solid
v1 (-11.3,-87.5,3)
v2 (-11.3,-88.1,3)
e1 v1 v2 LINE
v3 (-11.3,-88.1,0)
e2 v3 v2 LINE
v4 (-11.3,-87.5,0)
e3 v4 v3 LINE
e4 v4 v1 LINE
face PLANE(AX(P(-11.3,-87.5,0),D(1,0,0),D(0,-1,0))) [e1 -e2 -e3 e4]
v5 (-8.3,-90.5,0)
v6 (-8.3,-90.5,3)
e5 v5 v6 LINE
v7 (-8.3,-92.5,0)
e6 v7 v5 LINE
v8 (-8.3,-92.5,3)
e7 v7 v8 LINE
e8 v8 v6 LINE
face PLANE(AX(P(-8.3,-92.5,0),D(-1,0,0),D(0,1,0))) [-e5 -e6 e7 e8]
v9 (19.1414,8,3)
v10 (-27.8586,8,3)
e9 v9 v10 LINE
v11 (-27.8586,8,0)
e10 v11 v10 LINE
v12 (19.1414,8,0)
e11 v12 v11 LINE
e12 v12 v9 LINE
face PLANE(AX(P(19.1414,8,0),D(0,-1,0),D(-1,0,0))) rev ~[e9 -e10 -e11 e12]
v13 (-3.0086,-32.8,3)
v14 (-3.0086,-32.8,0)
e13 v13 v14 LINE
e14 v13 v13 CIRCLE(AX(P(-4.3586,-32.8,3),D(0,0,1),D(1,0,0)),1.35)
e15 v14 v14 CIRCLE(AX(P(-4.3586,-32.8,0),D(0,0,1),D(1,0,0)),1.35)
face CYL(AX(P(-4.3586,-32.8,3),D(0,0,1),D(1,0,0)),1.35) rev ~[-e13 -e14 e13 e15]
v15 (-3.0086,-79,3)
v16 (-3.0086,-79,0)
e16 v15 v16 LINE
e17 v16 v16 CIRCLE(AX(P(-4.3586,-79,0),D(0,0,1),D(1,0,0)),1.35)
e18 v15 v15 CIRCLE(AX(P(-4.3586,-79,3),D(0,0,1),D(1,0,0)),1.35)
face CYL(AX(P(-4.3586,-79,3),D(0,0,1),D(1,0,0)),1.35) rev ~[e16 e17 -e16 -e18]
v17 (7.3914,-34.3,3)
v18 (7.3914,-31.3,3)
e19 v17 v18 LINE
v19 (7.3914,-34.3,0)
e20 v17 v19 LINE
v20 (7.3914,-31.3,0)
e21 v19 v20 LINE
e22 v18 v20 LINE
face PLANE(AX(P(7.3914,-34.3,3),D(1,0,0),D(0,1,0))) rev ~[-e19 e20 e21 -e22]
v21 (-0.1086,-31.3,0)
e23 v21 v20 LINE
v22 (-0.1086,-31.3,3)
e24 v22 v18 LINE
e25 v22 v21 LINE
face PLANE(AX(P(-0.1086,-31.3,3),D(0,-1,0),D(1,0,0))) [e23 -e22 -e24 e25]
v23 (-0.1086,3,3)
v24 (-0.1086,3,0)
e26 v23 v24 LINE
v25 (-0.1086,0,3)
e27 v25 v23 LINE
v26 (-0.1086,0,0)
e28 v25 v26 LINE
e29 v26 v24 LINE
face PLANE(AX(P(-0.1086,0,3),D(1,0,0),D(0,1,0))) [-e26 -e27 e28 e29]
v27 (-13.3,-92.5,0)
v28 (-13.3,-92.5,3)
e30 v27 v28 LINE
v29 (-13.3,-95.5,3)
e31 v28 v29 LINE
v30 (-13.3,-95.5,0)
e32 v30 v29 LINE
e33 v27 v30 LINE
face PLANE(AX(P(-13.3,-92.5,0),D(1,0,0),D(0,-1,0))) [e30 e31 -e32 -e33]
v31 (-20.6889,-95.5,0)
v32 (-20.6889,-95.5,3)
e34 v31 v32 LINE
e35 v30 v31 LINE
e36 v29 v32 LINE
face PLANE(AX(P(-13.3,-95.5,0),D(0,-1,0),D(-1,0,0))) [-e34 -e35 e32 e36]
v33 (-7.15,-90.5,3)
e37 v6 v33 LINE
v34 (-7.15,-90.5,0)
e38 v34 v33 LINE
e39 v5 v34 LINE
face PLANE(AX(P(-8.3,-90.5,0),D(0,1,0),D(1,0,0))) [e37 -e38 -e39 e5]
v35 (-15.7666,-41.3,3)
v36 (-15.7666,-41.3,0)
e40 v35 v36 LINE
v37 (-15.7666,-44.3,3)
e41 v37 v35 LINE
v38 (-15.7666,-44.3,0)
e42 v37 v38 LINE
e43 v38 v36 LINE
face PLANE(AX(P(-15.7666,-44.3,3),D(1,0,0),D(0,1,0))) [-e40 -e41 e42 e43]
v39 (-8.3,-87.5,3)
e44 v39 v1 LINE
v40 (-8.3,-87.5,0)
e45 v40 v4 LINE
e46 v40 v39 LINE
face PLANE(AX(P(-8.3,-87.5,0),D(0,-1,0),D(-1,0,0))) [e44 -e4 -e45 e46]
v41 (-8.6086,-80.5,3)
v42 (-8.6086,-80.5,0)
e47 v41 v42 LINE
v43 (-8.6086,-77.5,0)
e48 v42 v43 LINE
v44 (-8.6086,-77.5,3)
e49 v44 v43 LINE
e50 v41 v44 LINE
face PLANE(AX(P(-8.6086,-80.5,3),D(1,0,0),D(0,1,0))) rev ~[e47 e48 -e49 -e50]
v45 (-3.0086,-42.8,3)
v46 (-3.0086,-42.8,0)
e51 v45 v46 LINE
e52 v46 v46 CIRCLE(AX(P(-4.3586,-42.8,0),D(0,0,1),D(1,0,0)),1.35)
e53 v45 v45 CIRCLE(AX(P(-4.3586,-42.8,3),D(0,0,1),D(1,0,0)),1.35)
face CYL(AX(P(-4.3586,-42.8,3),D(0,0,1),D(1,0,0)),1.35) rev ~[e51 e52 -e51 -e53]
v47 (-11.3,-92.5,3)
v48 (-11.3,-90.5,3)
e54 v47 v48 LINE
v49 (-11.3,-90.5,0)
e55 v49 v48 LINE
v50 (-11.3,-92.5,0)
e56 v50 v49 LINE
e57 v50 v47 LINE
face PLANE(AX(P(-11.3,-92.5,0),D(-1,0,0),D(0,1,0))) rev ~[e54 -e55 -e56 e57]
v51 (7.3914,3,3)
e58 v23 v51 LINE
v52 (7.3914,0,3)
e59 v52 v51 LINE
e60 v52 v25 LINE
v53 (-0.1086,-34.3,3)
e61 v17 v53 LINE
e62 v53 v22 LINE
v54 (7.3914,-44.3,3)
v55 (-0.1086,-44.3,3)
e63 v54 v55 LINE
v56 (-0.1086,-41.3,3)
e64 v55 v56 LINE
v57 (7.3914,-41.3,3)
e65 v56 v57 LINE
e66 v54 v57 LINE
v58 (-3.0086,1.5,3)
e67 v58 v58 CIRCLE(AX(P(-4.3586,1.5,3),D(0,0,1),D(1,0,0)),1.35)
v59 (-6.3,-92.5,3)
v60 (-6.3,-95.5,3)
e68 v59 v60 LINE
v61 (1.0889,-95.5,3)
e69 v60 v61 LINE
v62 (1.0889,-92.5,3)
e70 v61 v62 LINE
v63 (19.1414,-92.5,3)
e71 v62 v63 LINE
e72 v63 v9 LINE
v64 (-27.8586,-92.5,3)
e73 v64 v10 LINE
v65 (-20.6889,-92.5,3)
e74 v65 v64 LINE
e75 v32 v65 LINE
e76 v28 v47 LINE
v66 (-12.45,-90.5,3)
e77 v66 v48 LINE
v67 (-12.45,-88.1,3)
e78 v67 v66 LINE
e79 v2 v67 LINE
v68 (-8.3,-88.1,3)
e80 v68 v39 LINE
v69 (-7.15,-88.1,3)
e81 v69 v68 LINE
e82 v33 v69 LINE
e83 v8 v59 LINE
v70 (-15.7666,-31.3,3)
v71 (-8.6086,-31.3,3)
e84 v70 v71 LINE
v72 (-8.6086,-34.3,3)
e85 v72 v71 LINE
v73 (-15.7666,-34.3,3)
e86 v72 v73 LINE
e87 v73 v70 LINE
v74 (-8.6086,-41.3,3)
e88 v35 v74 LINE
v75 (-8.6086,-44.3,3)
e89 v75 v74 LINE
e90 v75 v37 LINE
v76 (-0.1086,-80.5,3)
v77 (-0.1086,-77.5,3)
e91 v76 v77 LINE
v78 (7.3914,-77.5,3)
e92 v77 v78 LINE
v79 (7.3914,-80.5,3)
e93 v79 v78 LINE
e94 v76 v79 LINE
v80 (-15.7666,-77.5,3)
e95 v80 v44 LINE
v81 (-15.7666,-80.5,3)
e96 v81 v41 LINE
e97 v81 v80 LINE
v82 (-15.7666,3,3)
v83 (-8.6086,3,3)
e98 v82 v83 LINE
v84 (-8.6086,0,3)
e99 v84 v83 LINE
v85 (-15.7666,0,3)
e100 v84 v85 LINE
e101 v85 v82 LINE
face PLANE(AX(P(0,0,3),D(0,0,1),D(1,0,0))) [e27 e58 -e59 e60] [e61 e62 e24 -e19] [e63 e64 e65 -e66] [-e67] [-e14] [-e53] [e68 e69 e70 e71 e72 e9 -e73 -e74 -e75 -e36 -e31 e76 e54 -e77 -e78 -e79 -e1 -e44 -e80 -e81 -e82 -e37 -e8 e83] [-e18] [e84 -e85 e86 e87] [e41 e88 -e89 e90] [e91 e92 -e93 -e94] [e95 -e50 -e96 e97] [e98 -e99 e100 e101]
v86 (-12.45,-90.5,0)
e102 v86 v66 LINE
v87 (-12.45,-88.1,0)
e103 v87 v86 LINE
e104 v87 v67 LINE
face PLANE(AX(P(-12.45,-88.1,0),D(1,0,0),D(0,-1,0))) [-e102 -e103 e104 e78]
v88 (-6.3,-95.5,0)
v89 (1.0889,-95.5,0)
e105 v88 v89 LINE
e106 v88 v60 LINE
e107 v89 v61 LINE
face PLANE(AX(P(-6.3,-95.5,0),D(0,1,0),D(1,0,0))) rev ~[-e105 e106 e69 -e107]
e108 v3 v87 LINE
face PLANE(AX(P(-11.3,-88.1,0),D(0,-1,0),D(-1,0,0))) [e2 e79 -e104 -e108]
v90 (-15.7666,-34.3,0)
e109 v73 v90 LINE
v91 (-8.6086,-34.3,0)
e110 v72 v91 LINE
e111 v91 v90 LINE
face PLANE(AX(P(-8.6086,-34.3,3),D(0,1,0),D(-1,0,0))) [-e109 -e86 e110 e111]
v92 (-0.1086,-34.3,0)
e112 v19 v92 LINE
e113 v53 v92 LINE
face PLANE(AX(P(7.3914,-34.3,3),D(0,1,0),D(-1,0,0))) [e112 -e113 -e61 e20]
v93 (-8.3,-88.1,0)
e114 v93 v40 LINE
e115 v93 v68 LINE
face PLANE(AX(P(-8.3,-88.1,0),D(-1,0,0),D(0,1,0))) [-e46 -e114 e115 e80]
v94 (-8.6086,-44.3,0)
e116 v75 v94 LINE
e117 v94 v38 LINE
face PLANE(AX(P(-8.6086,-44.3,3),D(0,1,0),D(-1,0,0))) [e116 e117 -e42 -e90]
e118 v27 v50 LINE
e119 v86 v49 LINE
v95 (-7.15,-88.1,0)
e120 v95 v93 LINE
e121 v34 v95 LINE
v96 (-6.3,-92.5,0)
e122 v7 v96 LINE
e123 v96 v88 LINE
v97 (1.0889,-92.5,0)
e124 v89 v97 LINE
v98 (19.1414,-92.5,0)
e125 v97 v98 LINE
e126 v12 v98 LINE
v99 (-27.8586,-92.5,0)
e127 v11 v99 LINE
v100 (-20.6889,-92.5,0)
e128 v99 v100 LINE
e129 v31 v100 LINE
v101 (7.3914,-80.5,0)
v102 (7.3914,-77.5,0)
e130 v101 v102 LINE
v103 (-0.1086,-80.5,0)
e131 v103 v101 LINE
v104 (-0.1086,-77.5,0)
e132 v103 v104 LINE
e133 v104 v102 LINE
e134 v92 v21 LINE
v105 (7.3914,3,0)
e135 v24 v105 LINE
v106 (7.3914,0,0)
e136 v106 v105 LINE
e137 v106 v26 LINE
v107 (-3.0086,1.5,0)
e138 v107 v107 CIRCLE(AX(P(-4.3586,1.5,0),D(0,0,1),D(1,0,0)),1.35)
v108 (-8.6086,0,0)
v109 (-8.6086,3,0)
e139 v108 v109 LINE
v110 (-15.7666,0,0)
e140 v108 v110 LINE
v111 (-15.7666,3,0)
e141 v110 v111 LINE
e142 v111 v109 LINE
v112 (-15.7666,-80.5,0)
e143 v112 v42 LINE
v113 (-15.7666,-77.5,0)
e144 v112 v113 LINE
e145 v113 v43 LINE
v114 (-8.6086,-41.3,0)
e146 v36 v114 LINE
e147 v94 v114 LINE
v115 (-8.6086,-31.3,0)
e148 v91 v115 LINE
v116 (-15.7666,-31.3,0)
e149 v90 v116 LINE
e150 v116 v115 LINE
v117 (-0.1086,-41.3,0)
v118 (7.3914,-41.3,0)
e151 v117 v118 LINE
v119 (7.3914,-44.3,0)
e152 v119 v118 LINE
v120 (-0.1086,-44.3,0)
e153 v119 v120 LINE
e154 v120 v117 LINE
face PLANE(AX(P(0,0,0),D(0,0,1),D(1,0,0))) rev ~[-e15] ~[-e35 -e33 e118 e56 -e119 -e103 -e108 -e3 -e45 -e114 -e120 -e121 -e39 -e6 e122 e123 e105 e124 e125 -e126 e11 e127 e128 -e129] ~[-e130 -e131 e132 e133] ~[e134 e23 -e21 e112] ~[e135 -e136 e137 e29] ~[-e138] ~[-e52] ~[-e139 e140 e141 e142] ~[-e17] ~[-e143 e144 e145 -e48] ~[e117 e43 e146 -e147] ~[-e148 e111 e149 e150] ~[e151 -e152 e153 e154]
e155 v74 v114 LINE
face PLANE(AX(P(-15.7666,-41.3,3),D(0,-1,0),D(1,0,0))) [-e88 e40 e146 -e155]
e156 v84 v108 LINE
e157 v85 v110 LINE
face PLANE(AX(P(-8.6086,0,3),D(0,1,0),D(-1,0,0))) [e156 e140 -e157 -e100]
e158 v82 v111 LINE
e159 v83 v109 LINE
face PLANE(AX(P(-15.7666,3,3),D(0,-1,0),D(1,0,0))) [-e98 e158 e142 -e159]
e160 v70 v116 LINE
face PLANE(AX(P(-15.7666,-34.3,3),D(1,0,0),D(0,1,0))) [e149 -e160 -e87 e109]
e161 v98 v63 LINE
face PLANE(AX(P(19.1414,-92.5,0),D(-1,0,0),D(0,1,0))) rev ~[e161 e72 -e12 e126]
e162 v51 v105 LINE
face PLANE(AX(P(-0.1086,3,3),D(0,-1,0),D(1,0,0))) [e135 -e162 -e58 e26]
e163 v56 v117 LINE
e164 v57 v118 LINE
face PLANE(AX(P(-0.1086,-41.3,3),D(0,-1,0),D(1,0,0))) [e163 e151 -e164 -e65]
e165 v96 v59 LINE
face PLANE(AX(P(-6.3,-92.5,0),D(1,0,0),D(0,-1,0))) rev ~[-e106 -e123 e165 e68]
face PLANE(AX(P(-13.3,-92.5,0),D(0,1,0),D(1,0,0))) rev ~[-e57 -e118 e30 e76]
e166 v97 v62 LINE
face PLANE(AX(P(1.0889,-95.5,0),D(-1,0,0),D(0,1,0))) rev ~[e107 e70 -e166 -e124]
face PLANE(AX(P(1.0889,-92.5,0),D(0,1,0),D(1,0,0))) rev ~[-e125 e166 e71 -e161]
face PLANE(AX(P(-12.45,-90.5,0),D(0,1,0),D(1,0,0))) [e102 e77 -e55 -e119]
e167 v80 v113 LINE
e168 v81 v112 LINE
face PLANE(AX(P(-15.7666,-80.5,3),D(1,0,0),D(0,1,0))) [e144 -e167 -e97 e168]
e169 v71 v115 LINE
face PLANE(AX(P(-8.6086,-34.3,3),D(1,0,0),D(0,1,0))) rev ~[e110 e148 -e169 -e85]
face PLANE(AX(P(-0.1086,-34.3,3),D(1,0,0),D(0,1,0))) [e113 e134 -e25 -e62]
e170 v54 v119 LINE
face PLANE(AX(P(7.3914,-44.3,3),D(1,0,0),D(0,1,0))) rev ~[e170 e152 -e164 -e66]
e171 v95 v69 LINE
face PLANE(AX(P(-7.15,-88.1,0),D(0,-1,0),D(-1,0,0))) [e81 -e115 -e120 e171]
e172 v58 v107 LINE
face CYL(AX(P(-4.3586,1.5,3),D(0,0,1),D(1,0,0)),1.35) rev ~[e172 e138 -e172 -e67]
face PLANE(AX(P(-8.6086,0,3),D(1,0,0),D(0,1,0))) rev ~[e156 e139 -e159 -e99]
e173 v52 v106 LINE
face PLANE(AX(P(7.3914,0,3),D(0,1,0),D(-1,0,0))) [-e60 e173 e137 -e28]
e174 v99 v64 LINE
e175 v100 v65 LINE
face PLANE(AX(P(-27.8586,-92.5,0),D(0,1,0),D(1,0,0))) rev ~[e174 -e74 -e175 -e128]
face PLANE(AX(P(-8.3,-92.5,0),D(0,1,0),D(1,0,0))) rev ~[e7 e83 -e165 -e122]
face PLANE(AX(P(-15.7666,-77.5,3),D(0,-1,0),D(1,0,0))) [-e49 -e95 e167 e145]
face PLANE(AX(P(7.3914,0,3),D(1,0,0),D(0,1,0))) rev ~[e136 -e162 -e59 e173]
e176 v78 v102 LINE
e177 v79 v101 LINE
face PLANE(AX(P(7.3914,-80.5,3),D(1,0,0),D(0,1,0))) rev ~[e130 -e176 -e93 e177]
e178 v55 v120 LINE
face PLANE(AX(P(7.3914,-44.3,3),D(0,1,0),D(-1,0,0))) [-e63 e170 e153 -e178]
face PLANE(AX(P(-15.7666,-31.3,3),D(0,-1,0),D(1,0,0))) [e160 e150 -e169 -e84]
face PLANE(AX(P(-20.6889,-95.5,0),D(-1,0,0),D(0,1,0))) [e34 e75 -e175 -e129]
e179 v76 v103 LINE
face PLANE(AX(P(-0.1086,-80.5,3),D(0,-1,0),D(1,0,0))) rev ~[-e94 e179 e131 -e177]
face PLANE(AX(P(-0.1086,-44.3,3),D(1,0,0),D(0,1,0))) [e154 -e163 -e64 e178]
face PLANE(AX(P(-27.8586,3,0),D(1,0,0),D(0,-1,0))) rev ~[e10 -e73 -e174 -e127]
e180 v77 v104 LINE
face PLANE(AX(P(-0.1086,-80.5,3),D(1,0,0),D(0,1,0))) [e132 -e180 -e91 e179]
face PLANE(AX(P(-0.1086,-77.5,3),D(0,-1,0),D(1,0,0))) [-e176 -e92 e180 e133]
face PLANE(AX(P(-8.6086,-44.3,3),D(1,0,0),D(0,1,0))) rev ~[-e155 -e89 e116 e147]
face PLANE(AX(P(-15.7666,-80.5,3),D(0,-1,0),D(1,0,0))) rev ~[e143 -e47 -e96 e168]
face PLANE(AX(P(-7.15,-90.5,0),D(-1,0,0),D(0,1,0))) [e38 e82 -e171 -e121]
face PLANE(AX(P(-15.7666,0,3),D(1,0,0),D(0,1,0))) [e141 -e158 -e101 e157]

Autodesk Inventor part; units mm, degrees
ref_plane "YZ Plane" through (0, 0, 0) normal (1, 0, 0) x (0, 1, 0)
ref_plane "XZ Plane" through (0, 0, 0) normal (0, 1, 0) x (-1, 0, 0)
ref_plane "XY Plane" through (0, 0, 0) normal (0, 0, 1) x (1, 0, 0)
sketch "Sketch1" plane through (0, 0, 0) normal (0, 0, 1) x (1, 0, 0)
  line L0 (19.1414, -92.5) -> (-27.8586, -92.5) construction
  line L1 (0, 3) -> (19.1414, 3) construction
  line L2 (6.5333, -102.5) -> (6.5333, -92.5) construction
  line L3 (-26.1333, -92.5) -> (-26.1333, -102.5) construction
  line L4 (-26.1333, -92.5) -> (-20.6889, -92.5)
  line L5 (19.1414, 3) -> (-27.8586, 3)
  line L6 (-27.8586, 3) -> (-27.8586, -92.5)
  line L7 (-27.8586, -92.5) -> (-20.6889, -92.5)
  line L8 (19.1414, -92.5) -> (19.1414, 3)
  line L9 (-27.8586, 3) -> (19.1414, 3)
  line L10 (19.1414, 3) -> (19.1414, 8)
  line L11 (19.1414, 8) -> (-27.8586, 8)
  line L12 (-27.8586, 8) -> (-27.8586, 3)
  line L13 (-6.3, -92.5) -> (-6.3, -95.5)
  line L14 (-6.3, -95.5) -> (1.0889, -95.5)
  line L15 (1.0889, -95.5) -> (1.0889, -92.5)
  line L16 (-13.3, -92.5) -> (-13.3, -95.5)
  line L17 (-13.3, -95.5) -> (-20.6889, -95.5)
  line L18 (-20.6889, -95.5) -> (-20.6889, -92.5)
  line L19 (-8.3, -92.5) -> (-8.3, -90.5)
  line L20 (-8.3, -90.5) -> (-7.15, -90.5)
  line L21 (-7.15, -90.5) -> (-7.15, -88.1)
  line L22 (-7.15, -88.1) -> (-8.3, -88.1)
  line L23 (-8.3, -88.1) -> (-8.3, -87.5)
  line L24 (-8.3, -87.5) -> (-11.3, -87.5)
  line L25 (-11.3, -87.5) -> (-11.3, -88.1)
  line L26 (-11.3, -88.1) -> (-12.45, -88.1)
  line L27 (-12.45, -88.1) -> (-12.45, -90.5)
  line L28 (-12.45, -90.5) -> (-11.3, -90.5)
  line L29 (-11.3, -92.5) -> (-11.3, -90.5)
  line L30 (-8.3, -92.5) -> (-6.3, -92.5)
  line L31 (-13.3, -92.5) -> (-11.3, -92.5)
  line L32 (-9.8, -83.4221) -> (-9.8, -94.6081) construction
  line L33 (-13.3, -92.5) -> (-11.3, -92.5)
  line L34 (1.0889, -92.5) -> (19.1414, -92.5)
  dimension "d4" = 5
  dimension "d13" = 5.3
  dimension "d14" = 2.4
  dimension "d15" = 3
  dimension "d16" = 32.6667
  dimension "d18" = 5.4444
  dimension "d19" = 5.4444
  dimension "d20" = 21.7778
  dimension "d21" = 7
  dimension "d22" = 3
  dimension "d23" = 5
  dimension "d24" = 8
extrude "Extrusion1" add sketch "Sketch1" along normal blind 3
sketch "Sketch2" plane through (0, 0, 3) normal (0, 0, 1) x (1, 0, 0)
  line L0 (7.3914, 0) -> (-0.1086, 0) projected
  line L1 (7.3914, 0) -> (7.3914, 3) projected
  line L2 (-0.1086, 3) -> (7.3914, 3) projected
  line L3 (-0.1086, 0) -> (-0.1086, 3) projected
  line L4 (-8.6086, 0) -> (-15.7666, 0) projected
  line L5 (-8.6086, 0) -> (-8.6086, 3) projected
  line L6 (-15.7666, 3) -> (-8.6086, 3) projected
  line L7 (7.3914, -34.3) -> (-0.1086, -34.3) projected
  line L8 (7.3914, -34.3) -> (7.3914, -31.3) projected
  line L9 (-0.1086, -31.3) -> (7.3914, -31.3) projected
  line L10 (-0.1086, -34.3) -> (-0.1086, -31.3) projected
  line L11 (-8.6086, -34.3) -> (-15.7666, -34.3) projected
  line L12 (-8.6086, -34.3) -> (-8.6086, -31.3) projected
  line L13 (-15.7666, -31.3) -> (-8.6086, -31.3) projected
  line L14 (7.3914, -44.3) -> (-0.1086, -44.3) projected
  line L15 (7.3914, -44.3) -> (7.3914, -41.3) projected
  line L16 (-0.1086, -41.3) -> (7.3914, -41.3) projected
  line L17 (-0.1086, -44.3) -> (-0.1086, -41.3) projected
  line L18 (-8.6086, -44.3) -> (-15.7666, -44.3) projected
  line L19 (-8.6086, -44.3) -> (-8.6086, -41.3) projected
  line L20 (-15.7666, -41.3) -> (-8.6086, -41.3) projected
  line L21 (-0.1086, -80.5) -> (7.3914, -80.5) projected
  line L22 (7.3914, -80.5) -> (7.3914, -77.5) projected
  line L23 (-0.1086, -77.5) -> (7.3914, -77.5) projected
  line L24 (-0.1086, -80.5) -> (-0.1086, -77.5) projected
  line L25 (-15.7666, -80.5) -> (-8.6086, -80.5) projected
  line L26 (-8.6086, -80.5) -> (-8.6086, -77.5) projected
  line L27 (-15.7666, -77.5) -> (-8.6086, -77.5) projected
  line L28 (-15.7666, -80.5) -> (-15.7666, -77.5) projected
  line L29 (-0.1086, 0) -> (-8.6086, 3) construction
  line L30 (-8.6086, 0) -> (-0.1086, 3) construction
  line L31 (-8.6086, -34.3) -> (-0.1086, -31.3) construction
  line L32 (-0.1086, -34.3) -> (-8.6086, -31.3) construction
  line L33 (-8.6086, -44.3) -> (-0.1086, -41.3) construction
  line L34 (-0.1086, -44.3) -> (-8.6086, -41.3) construction
  circle A0 centre (-4.3586, 1.5) radius 1.35
  circle A1 centre (-4.3586, -32.8) radius 1.35
  circle A2 centre (-4.3586, -42.8) radius 1.35
  line L35 (-0.1086, -77.5) -> (-8.6086, -80.5) construction
  line L36 (-8.6086, -77.5) -> (-0.1086, -80.5) construction
  circle A3 centre (-4.3586, -79) radius 1.35
  line L37 (-15.7666, 0) -> (-15.7666, 3) projected
  line L38 (-15.7666, -44.3) -> (-15.7666, -41.3) projected
  line L39 (-15.7666, -34.3) -> (-15.7666, -31.3) projected
  point P0 (0, 0)
  dimension "d5" = 2.7
  dimension "d6" = 2.7
  dimension "d7" = 2.7
  dimension "d8" = 2.7
extrude "Extrusion2" cut sketch "Sketch2" against normal blind 3
equation "\"d18\" = 0.166667 * d16"
equation "\"d19\" = d18"
